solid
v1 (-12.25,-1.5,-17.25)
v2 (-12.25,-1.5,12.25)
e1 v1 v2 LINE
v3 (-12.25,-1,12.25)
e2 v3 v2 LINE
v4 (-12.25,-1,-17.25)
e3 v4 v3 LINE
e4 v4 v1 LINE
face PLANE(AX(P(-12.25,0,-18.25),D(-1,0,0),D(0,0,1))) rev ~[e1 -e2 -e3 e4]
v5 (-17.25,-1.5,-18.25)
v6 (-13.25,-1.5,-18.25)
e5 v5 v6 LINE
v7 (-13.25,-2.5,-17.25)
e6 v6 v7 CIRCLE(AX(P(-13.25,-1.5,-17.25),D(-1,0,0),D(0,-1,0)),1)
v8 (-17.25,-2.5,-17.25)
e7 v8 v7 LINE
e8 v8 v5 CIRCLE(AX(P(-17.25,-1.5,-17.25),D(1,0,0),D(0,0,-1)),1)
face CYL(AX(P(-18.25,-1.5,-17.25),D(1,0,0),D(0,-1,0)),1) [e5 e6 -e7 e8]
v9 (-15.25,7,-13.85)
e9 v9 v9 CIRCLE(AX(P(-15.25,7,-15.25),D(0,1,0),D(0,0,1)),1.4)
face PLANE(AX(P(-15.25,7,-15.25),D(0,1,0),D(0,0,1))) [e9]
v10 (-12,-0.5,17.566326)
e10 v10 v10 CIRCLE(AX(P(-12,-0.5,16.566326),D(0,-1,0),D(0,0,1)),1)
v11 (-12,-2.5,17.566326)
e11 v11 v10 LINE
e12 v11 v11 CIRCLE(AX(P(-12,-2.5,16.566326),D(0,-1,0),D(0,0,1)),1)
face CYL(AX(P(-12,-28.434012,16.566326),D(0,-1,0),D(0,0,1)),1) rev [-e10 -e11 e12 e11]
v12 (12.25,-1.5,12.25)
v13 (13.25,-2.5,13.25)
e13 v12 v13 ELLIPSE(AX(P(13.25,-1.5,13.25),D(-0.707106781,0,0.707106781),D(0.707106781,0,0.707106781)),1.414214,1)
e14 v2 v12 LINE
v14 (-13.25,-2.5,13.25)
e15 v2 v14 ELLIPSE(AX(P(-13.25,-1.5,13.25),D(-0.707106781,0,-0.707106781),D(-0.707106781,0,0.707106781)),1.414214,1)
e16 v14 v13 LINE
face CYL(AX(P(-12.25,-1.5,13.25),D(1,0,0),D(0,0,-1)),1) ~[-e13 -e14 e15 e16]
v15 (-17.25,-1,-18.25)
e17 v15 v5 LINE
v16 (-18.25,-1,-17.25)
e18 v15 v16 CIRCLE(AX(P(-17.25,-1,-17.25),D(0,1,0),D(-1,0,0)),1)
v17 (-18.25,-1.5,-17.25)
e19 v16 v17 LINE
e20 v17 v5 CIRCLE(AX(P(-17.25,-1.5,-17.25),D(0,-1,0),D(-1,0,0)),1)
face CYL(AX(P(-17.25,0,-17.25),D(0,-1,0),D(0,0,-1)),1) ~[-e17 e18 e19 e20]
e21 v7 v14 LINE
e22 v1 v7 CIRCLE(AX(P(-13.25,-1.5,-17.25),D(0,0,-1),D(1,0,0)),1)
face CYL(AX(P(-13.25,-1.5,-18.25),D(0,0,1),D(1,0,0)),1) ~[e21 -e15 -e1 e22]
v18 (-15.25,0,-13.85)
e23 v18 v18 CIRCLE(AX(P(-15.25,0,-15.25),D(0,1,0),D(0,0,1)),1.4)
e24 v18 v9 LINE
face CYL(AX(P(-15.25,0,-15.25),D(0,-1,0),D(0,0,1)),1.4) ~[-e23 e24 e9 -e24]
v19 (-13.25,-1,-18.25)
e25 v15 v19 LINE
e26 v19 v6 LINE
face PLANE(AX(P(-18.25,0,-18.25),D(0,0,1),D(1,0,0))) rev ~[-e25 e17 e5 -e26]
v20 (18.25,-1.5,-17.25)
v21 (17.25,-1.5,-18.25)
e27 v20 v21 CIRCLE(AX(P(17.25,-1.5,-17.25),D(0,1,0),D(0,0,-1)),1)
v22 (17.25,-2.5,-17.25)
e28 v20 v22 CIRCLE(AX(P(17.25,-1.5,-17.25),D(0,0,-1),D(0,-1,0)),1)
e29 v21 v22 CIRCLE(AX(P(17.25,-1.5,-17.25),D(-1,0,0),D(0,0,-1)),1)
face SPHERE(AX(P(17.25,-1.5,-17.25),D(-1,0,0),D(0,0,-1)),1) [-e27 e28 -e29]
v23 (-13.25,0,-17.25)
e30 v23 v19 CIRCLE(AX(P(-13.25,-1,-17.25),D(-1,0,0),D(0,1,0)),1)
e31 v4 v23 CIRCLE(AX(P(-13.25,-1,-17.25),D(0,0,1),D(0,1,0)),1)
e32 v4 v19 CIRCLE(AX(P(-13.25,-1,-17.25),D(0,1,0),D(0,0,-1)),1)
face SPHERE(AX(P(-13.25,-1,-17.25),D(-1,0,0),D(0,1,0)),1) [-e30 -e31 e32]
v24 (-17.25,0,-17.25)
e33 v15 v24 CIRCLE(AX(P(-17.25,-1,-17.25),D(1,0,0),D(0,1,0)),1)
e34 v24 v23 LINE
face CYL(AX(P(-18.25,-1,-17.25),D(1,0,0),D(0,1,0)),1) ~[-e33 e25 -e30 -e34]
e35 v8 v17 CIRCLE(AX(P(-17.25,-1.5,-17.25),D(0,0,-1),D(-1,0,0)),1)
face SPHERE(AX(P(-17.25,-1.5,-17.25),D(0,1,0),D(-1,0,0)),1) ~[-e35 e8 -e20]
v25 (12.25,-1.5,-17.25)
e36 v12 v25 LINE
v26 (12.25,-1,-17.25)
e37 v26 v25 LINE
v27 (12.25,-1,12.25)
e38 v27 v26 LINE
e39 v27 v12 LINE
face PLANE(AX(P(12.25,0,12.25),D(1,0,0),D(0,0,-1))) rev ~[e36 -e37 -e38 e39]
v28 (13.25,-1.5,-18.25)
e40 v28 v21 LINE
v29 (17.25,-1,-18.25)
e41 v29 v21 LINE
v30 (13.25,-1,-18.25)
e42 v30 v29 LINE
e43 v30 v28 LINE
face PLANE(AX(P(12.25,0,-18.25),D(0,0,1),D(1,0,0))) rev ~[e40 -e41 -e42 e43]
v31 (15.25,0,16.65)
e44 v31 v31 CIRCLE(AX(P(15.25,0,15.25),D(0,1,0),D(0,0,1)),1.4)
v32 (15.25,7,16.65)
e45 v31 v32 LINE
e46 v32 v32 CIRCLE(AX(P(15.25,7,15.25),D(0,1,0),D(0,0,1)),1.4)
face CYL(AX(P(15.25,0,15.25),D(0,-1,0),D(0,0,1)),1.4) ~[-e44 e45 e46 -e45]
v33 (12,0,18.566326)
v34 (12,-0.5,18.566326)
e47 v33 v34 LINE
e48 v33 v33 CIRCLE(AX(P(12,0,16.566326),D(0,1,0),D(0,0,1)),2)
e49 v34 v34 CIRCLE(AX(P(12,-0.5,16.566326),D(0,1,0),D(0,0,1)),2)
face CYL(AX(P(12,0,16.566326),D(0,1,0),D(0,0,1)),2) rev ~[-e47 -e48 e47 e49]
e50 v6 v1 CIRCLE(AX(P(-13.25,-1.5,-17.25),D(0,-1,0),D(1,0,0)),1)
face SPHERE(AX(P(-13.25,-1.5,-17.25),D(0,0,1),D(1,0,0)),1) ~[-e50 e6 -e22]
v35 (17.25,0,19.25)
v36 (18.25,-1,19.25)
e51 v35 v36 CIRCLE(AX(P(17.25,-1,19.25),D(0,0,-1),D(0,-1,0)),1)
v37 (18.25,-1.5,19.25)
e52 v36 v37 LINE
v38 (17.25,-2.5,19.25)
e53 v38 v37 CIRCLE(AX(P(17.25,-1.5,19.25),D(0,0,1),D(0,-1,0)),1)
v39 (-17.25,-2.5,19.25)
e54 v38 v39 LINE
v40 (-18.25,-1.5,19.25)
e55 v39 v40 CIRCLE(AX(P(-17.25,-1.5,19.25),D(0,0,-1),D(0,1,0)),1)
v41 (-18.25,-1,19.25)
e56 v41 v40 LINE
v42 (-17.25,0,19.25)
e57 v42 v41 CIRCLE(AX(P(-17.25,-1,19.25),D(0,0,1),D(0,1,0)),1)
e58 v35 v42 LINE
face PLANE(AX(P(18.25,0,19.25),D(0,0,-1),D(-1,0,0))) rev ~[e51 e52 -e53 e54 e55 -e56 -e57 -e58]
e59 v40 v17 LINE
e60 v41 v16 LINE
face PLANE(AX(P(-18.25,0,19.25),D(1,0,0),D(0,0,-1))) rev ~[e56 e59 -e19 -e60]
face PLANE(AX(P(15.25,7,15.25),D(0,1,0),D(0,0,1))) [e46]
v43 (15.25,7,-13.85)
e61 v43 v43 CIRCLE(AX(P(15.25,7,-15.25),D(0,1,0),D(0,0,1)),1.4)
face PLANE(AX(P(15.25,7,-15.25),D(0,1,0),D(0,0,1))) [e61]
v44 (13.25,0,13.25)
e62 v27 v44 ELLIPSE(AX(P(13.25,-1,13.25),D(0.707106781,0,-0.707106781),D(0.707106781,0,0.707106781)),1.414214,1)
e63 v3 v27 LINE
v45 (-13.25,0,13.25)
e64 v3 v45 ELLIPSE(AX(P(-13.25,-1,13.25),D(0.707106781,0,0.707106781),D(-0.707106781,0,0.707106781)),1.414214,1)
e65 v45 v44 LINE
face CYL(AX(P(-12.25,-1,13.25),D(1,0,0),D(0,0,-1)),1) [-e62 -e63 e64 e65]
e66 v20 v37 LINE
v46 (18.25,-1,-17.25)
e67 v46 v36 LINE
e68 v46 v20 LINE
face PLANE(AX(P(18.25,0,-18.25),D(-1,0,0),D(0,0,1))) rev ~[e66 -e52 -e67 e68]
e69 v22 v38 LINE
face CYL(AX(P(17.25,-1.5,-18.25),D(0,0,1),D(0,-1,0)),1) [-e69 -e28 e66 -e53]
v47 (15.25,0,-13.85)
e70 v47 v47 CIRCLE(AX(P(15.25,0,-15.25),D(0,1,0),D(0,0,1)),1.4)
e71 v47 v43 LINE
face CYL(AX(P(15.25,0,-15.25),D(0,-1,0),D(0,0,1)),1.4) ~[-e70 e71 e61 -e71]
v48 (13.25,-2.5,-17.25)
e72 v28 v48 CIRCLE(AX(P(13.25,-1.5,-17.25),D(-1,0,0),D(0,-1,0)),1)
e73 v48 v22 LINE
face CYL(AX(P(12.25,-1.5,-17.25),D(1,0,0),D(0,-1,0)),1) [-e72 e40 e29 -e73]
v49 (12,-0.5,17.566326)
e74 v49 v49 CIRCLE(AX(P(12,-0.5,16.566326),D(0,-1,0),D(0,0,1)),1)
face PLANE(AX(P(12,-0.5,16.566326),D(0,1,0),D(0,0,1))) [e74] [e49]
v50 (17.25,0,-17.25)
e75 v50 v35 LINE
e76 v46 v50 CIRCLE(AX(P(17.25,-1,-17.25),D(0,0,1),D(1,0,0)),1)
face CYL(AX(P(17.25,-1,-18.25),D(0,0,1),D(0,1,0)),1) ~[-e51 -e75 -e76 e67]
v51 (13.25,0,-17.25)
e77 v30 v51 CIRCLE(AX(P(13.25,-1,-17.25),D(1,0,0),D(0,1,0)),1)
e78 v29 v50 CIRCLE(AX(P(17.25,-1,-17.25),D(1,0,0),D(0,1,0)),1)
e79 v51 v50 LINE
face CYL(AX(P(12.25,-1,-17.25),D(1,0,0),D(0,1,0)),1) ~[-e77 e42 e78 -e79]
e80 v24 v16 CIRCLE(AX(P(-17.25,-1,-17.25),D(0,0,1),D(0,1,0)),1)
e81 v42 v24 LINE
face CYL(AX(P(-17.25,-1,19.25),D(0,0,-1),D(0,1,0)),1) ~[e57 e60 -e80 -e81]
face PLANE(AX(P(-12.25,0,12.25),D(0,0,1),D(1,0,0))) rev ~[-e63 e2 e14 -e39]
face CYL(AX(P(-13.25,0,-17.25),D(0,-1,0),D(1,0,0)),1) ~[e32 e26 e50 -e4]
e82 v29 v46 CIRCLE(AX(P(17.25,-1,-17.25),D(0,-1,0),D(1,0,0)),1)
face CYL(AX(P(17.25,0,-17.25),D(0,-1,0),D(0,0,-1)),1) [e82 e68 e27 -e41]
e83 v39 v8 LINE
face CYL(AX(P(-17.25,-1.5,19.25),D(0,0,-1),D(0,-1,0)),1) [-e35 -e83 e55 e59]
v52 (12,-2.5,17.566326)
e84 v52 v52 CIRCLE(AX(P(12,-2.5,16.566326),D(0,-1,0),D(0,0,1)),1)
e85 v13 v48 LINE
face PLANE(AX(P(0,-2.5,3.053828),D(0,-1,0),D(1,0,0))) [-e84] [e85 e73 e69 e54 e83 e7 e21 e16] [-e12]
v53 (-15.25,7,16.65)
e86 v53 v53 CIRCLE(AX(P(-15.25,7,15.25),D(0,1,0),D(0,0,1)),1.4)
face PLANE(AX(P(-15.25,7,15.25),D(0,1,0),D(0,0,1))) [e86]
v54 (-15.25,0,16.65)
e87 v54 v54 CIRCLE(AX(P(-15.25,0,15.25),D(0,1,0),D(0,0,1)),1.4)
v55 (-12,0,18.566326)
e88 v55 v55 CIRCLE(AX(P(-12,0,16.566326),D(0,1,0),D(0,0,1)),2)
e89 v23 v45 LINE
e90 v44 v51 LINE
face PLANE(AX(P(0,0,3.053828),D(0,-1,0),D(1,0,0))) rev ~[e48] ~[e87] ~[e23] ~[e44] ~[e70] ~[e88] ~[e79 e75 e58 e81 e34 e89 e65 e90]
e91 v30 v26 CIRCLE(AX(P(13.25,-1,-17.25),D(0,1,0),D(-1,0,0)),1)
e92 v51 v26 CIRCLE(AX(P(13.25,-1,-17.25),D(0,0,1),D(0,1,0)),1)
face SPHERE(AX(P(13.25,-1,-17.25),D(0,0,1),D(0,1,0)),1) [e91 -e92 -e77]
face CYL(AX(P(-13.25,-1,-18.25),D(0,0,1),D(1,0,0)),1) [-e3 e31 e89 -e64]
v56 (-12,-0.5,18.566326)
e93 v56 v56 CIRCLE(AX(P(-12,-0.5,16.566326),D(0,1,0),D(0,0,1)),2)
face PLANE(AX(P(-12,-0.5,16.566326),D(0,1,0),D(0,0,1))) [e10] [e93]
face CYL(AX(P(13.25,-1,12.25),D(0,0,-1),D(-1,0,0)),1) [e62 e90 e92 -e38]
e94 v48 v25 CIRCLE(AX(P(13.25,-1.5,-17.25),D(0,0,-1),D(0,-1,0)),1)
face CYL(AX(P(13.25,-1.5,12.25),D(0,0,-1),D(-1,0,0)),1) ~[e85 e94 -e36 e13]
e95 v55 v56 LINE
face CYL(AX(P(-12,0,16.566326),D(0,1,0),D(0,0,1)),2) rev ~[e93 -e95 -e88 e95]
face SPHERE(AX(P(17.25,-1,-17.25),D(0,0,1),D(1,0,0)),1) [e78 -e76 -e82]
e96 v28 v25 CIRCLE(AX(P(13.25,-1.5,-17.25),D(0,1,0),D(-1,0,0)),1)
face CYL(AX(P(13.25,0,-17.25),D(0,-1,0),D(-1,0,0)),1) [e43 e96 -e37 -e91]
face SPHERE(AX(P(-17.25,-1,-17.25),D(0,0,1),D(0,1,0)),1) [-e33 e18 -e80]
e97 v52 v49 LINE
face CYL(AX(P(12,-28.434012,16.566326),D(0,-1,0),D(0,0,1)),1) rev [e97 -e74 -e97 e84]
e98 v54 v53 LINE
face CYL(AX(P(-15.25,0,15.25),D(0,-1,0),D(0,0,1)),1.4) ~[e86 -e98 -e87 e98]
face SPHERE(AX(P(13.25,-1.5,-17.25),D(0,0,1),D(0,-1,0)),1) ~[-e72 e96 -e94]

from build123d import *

# Parameters (mm, degrees)
SKETCH1_R               = 1.4
BOSS_EXTRUDE1_DEPTH     = 7
BOSS_EXTRUDE1_2_DEPTH   = 7
BOSS_EXTRUDE1_3_DEPTH   = 7
BOSS_EXTRUDE1_4_DEPTH   = 7
BOSS_EXTRUDE2_DEPTH     = 2.5
FILLET1_R               = 1
CUT_EXTRUDE1_DEPTH      = 28.434011737
CUT_EXTRUDE1_DEPTH_BACK = 28.434011737
SKETCH4_R               = 1
SKETCH5_R               = 2
CUT_EXTRUDE2_DEPTH      = 0.5


with BuildPart() as part:
    # Sketch1 → Boss-Extrude1 (new body)
    with BuildSketch(Plane(origin=(0, 0, 0), x_dir=(1, 0, 0), z_dir=(0, 1, 0))):
        with Locations(Location((-15.25, -15.25, 0), (0, 0, 270))):
            Circle(SKETCH1_R)
    extrude(amount=BOSS_EXTRUDE1_DEPTH)



with BuildPart() as body_2:
    # Sketch1 → Boss-Extrude1 2 (new body)
    with BuildSketch(Plane(origin=(0, 0, 0), x_dir=(1, 0, 0), z_dir=(0, 1, 0))):
        with Locations(Location((-15.25, 15.25, 0), (0, 0, 270))):
            Circle(SKETCH1_R)
    extrude(amount=BOSS_EXTRUDE1_2_DEPTH)


with BuildPart() as body_3:
    # Sketch1 → Boss-Extrude1 3 (new body)
    with BuildSketch(Plane(origin=(0, 0, 0), x_dir=(1, 0, 0), z_dir=(0, 1, 0))):
        with Locations(Location((15.25, 15.25, 0), (0, 0, 270))):
            Circle(SKETCH1_R)
    extrude(amount=BOSS_EXTRUDE1_3_DEPTH)


with BuildPart() as body_4:
    # Sketch1 → Boss-Extrude1 4 (new body)
    with BuildSketch(Plane(origin=(0, 0, 0), x_dir=(1, 0, 0), z_dir=(0, 1, 0))):
        with Locations(Location((15.25, -15.25, 0), (0, 0, 270))):
            Circle(SKETCH1_R)
    extrude(amount=BOSS_EXTRUDE1_4_DEPTH)


with BuildPart() as part_1:
    add(part.part)

    add(body_2.part)  # Boss-Extrude2 merges body 2

    add(body_3.part)  # Boss-Extrude2 merges body 3

    add(body_4.part)  # Boss-Extrude2 merges body 4
    # Sketch2 → Boss-Extrude2 (add)
    with BuildSketch(Plane.XZ):
        Polygon((-12.25, 12.25), (12.25, 12.25), (12.25, -18.25), (18.25, -18.25), (18.25, 19.25), (-18.25, 19.25), (-18.25, -18.25), (-12.25, -18.25), align=None)
    extrude(amount=BOSS_EXTRUDE2_DEPTH)

    # Fillet1
    fillet1_edges = [part_1.edges().sort_by_distance(p)[0] for p in [
        (-12.25, -2.5, -3),
        (0, -2.5, 12.25),
        (12.25, -2.5, -3),
        (15.25, -2.5, -18.25),
        (18.25, 0, 0.5),
        (18.25, -1.25, -18.25),
        (-18.25, 0, 0.5),
        (-15.25, 0, -18.25),
        (-18.25, -1.25, -18.25),
        (-12.25, 0, -3),
        (-12.25, -1.25, -18.25),
        (0, 0, 12.25),
        (12.25, 0, -3),
        (15.25, 0, -18.25),
        (12.25, -1.25, -18.25),
        (18.25, -2.5, 0.5),
        (-18.25, -2.5, 0.5),
        (-15.25, -2.5, -18.25),
    ]]
    fillet(fillet1_edges, radius=FILLET1_R)

    # Sketch4 → Cut-Extrude1 (cut, two sides: drawn at the far end of the back side and taken through both)
    with BuildSketch(Plane(origin=(0, 0, 0), x_dir=(1, 0, 0), z_dir=(0, 1, 0)).offset(-CUT_EXTRUDE1_DEPTH_BACK)):
        with Locations(Location((-12, -16.566325801, 0), (0, 0, 270))):
            Circle(SKETCH4_R)
        with Locations(Location((12, -16.566325801, 0), (0, 0, 270))):
            Circle(SKETCH4_R)
    extrude(amount=CUT_EXTRUDE1_DEPTH + CUT_EXTRUDE1_DEPTH_BACK, mode=Mode.SUBTRACT)

    # Sketch5 → Cut-Extrude2 (cut)
    with BuildSketch(Plane(origin=(0, 0, 0), x_dir=(1, 0, 0), z_dir=(0, 1, 0))):
        with Locations(Location((-12, -16.566325801, 0), (0, 0, 270))):
            Circle(SKETCH5_R)
        with Locations(Location((12, -16.566325801, 0), (0, 0, 270))):
            Circle(SKETCH5_R)
    extrude(amount=-CUT_EXTRUDE2_DEPTH, mode=Mode.SUBTRACT)


solid = part_1.part
